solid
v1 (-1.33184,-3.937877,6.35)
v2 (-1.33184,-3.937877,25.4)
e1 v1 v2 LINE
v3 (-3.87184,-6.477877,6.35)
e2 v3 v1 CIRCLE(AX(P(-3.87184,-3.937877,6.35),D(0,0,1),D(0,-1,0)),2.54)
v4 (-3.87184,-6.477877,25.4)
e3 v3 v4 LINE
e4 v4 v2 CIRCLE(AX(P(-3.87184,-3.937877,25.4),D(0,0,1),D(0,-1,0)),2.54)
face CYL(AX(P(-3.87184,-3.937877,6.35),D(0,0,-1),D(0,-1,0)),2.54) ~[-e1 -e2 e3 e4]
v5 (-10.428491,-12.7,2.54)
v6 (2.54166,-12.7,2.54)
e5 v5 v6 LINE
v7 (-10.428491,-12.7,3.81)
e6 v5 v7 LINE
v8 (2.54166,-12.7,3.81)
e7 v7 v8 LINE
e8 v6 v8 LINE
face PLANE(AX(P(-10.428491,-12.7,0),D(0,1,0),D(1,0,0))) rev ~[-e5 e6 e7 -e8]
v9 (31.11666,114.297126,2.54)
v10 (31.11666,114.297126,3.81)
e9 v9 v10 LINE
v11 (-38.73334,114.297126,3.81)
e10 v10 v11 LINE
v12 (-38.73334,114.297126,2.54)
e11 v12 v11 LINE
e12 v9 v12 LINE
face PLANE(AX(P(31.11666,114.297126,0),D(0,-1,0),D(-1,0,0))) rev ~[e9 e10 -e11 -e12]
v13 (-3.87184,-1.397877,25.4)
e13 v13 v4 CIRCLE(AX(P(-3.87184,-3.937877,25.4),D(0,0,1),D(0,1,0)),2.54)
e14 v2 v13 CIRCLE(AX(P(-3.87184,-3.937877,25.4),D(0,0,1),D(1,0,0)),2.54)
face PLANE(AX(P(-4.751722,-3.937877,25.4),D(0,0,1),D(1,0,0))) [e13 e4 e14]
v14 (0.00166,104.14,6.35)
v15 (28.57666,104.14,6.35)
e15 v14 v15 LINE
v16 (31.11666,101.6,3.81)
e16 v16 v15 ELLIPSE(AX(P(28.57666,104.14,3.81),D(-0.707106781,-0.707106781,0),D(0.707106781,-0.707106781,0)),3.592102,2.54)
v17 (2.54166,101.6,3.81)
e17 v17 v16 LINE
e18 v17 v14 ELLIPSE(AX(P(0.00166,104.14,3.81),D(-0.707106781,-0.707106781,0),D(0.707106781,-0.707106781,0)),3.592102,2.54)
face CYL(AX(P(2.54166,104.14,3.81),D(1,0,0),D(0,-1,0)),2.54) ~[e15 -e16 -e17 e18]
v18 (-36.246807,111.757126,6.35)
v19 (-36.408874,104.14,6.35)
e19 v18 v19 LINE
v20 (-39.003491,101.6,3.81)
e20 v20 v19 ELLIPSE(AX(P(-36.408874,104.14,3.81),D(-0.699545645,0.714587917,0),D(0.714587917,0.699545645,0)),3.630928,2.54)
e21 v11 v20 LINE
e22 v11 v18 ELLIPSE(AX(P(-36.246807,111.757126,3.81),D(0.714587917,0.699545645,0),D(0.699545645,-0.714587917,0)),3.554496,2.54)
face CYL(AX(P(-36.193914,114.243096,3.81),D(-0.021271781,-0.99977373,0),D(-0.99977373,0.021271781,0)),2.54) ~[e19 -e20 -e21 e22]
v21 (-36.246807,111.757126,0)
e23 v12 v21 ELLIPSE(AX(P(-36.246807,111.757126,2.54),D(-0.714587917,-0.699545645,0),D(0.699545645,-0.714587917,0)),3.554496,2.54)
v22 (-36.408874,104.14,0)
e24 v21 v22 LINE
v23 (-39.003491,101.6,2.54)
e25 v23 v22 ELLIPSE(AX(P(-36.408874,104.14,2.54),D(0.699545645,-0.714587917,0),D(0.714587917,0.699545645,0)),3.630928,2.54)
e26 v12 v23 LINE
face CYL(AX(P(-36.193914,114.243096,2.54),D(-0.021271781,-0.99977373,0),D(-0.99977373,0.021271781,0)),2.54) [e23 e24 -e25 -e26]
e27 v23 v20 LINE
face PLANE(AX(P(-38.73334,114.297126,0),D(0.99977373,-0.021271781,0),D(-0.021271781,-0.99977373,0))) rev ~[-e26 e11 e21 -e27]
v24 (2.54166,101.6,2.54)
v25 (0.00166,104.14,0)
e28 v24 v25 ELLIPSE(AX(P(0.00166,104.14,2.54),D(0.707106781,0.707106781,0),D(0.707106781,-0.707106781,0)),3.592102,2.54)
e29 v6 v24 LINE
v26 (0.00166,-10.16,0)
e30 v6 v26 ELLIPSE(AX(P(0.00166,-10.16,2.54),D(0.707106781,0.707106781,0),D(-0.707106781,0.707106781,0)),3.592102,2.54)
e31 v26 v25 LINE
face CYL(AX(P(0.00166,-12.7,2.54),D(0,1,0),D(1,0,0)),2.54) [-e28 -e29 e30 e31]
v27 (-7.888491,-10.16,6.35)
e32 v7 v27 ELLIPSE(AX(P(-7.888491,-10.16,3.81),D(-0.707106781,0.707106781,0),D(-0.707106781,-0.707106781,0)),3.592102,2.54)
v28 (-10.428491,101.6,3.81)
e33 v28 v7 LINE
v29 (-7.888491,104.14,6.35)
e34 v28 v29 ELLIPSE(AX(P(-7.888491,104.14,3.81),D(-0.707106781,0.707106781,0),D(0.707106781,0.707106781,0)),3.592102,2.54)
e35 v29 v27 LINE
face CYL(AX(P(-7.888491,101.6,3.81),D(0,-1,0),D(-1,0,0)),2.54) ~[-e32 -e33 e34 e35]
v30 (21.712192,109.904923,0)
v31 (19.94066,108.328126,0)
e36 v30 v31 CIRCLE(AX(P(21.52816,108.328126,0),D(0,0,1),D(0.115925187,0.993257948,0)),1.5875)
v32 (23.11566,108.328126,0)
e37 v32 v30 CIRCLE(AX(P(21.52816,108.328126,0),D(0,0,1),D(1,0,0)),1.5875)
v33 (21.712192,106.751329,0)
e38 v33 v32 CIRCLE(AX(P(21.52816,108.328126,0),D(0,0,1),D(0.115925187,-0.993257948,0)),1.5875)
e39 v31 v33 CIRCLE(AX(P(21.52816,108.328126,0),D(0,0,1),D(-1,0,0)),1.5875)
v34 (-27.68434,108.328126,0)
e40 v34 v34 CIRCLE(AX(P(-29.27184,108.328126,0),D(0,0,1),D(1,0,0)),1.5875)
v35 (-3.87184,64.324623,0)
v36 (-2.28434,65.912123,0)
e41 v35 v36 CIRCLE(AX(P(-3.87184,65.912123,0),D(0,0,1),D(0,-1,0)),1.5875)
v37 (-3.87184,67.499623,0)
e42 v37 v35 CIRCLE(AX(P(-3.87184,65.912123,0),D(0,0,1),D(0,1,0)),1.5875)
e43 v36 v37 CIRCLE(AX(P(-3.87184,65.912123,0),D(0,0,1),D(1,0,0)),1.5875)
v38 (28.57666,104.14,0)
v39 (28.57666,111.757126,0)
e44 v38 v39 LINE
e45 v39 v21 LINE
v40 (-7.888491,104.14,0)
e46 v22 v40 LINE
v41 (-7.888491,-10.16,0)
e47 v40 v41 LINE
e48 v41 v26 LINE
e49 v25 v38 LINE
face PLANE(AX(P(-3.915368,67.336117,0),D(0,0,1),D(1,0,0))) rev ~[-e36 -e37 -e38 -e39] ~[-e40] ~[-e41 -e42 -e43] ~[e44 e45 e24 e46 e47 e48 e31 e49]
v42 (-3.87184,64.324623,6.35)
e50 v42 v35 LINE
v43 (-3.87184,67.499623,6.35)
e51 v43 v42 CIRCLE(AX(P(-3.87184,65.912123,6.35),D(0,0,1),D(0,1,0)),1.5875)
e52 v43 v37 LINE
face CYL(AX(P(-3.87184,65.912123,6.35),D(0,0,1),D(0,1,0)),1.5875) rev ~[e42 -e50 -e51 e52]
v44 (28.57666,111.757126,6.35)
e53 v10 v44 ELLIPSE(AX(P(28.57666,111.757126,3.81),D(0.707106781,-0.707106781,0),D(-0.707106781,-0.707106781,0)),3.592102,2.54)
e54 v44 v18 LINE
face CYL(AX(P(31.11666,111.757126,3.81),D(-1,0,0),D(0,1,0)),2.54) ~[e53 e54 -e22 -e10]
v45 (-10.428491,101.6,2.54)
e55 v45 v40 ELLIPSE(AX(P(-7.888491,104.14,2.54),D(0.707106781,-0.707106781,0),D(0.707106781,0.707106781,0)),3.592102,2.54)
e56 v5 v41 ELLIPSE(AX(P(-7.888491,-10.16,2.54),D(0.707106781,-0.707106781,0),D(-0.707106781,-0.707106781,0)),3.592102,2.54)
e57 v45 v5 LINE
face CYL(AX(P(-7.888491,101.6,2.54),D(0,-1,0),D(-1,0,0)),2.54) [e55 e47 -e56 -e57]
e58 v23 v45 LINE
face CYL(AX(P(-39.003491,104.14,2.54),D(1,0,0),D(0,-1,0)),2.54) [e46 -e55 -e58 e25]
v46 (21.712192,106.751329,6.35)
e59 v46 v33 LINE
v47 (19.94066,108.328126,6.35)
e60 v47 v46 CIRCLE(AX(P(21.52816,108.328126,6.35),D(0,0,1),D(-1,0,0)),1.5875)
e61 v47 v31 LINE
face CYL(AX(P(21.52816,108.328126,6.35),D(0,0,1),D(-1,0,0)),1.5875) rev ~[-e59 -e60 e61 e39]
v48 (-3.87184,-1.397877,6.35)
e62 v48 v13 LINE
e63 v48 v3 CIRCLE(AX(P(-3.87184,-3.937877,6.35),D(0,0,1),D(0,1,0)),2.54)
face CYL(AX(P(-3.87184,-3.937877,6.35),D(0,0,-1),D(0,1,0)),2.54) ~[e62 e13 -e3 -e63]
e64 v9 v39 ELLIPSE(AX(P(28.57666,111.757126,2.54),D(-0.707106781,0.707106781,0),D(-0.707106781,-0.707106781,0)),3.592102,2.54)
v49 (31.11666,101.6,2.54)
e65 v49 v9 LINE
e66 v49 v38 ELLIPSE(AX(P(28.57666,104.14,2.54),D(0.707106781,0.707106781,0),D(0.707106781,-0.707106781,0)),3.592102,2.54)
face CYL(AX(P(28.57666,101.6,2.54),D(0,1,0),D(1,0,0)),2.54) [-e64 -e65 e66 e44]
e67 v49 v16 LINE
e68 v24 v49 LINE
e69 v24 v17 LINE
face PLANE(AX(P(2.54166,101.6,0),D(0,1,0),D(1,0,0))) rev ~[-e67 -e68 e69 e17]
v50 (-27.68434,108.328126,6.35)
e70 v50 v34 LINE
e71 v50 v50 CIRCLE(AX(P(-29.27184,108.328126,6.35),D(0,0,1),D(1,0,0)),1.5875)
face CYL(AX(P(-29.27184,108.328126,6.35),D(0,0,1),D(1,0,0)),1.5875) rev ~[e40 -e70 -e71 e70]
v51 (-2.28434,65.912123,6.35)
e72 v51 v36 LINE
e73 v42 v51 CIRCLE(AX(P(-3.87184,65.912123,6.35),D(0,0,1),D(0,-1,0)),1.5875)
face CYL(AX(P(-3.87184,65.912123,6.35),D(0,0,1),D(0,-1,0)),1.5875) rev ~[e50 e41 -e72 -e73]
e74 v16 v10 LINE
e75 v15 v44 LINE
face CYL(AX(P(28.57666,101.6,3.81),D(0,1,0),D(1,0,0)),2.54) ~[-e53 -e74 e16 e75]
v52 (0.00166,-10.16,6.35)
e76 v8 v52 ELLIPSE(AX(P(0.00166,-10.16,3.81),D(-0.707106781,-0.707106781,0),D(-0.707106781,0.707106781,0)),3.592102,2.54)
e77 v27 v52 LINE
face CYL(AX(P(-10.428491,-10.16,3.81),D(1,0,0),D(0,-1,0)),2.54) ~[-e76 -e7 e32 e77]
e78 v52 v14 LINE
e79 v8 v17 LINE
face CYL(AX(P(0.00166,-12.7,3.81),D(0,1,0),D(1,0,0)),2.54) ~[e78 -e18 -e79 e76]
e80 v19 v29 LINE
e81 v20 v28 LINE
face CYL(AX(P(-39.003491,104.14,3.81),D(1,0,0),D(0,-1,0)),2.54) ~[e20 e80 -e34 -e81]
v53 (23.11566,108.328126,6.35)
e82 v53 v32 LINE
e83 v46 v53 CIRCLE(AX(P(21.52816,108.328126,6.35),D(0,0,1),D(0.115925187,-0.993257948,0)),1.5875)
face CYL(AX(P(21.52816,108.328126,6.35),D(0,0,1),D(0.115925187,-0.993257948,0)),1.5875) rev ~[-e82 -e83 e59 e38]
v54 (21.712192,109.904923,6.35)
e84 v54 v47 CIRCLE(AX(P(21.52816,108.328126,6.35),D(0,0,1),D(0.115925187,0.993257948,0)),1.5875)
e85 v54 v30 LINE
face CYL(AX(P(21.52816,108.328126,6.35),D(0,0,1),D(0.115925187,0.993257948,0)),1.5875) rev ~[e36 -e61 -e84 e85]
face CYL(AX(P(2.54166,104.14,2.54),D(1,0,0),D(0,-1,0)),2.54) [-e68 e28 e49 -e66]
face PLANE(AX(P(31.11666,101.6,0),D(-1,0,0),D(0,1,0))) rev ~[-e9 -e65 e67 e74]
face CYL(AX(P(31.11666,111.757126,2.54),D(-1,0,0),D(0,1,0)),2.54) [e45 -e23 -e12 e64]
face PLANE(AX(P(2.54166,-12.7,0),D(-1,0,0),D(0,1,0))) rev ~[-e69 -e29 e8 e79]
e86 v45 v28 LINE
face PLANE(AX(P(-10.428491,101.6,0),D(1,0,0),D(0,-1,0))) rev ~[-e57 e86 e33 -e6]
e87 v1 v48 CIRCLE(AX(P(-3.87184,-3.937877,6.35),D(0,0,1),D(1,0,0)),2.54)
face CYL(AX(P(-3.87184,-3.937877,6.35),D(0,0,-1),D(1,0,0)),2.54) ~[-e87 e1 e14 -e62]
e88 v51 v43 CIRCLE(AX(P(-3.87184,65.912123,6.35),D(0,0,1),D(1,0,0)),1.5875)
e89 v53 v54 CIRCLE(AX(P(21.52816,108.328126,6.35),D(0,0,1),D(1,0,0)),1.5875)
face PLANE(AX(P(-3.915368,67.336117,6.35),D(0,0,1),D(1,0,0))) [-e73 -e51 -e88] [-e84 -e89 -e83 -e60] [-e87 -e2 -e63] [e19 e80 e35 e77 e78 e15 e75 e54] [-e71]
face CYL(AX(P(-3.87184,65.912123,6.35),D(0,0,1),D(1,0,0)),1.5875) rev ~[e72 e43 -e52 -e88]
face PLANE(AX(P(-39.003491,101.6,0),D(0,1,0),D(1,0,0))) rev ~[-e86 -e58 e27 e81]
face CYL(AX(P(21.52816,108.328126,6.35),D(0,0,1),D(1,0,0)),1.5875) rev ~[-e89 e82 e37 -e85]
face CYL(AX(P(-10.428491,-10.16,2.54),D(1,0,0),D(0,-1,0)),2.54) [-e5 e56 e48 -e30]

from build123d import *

# Parameters (mm, degrees)
F1_DEPTH = 6.35
F3_R     = 2.54
F4_DEPTH = 6.35
F5_DEPTH = 6.35
F6_DEPTH = 6.35
F7_DEPTH = 19.05


with BuildPart() as f1:
    # F0 (on Top) → F1 (new body)
    with BuildSketch(Plane.XY):
        Polygon((31.1166602765, 114.2971263717), (-38.7333397235, 114.2971263717), (-39.0034913485, 101.6), (-10.4284913485, 101.6), (-10.4284913485, -12.7), (2.5416602765, -12.7), (2.5416602765, 101.6), (31.1166602765, 101.6), align=None)
    extrude(amount=F1_DEPTH)

    # F3
    f3_edges = [f1.edges().sort_by_distance(p)[0] for p in [
        (-24.715991, 101.6, 6.35),
        (-38.868416, 107.948563, 6.35),
        (-3.80834, 114.297126, 6.35),
        (16.82916, 101.6, 6.35),
        (31.11666, 107.948563, 6.35),
        (2.54166, 44.45, 6.35),
        (-10.428491, 44.45, 6.35),
        (-3.943416, -12.7, 6.35),
        (-24.715991, 101.6, 0),
        (-38.868416, 107.948563, 0),
        (-3.80834, 114.297126, 0),
        (16.82916, 101.6, 0),
        (31.11666, 107.948563, 0),
        (2.54166, 44.45, 0),
        (-10.428491, 44.45, 0),
        (-3.943416, -12.7, 0),
    ]]
    fillet(f3_edges, radius=F3_R)

    # F2 (on face) → F4 (cut)
    with BuildSketch(Plane.XY.offset(6.35)):
        with BuildLine():
            Line((-27.6843397235, 108.3281263717), (-29.2718397235, 108.3281263717))
            Line((-29.2718397235, 108.3281263717), (-30.8593397235, 108.3281263717))
            ThreePointArc((-30.8593397235, 108.3281263717), (-29.2718397235, 106.7406263717), (-27.6843397235, 108.3281263717))
        make_face()
        with BuildLine():
            Line((-30.8593397235, 108.3281263717), (-29.2718397235, 108.3281263717))
            Line((-29.2718397235, 108.3281263717), (-27.6843397235, 108.3281263717))
            ThreePointArc((-27.6843397235, 108.3281263717), (-29.2718397235, 109.9156263717), (-30.8593397235, 108.3281263717))
        make_face()
    extrude(amount=-F4_DEPTH, mode=Mode.SUBTRACT)

    # F2 (on face) → F5 (cut)
    with BuildSketch(Plane.XY.offset(6.35)):
        with BuildLine():
            ThreePointArc((21.7121915103, 109.904923364), (20.4726967133, 109.5139395597), (19.9406602765, 108.3281263717))
            Line((19.9406602765, 108.3281263717), (21.5281602765, 108.3281263717))
            Line((21.5281602765, 108.3281263717), (21.7121915103, 108.3281263717))
            Line((21.7121915103, 108.3281263717), (21.7121915103, 109.904923364))
        make_face()
        with BuildLine():
            ThreePointArc((23.1156602765, 108.3281263717), (22.7139734645, 109.3835899349), (21.7121915103, 109.904923364))
            Line((21.7121915103, 109.904923364), (21.7121915103, 108.3281263717))
            Line((21.7121915103, 108.3281263717), (23.1156602765, 108.3281263717))
        make_face()
        with BuildLine():
            Line((21.7121915103, 108.3281263717), (21.7121915103, 106.7513293794))
            ThreePointArc((21.7121915103, 106.7513293794), (22.7139734645, 107.2726628086), (23.1156602765, 108.3281263717))
            Line((23.1156602765, 108.3281263717), (21.7121915103, 108.3281263717))
        make_face()
        with BuildLine():
            Line((21.5281602765, 108.3281263717), (19.9406602765, 108.3281263717))
            ThreePointArc((19.9406602765, 108.3281263717), (20.4726967133, 107.1423131837), (21.7121915103, 106.7513293794))
            Line((21.7121915103, 106.7513293794), (21.7121915103, 108.3281263717))
            Line((21.7121915103, 108.3281263717), (21.5281602765, 108.3281263717))
        make_face()
    extrude(amount=-F5_DEPTH, mode=Mode.SUBTRACT)

    # F2 (on face) → F6 (cut)
    with BuildSketch(Plane.XY.offset(6.35)):
        with BuildLine():
            Line((-3.8718397235, 65.912123364), (-3.8718397235, 67.499623364))
            ThreePointArc((-3.8718397235, 67.499623364), (-5.4593397235, 65.912123364), (-3.8718397235, 64.324623364))
            Line((-3.8718397235, 64.324623364), (-3.8718397235, 65.912123364))
        make_face()
        with BuildLine():
            ThreePointArc((-2.2843397235, 65.912123364), (-2.7493077084, 67.0346553792), (-3.8718397235, 67.499623364))
            Line((-3.8718397235, 67.499623364), (-3.8718397235, 65.912123364))
            Line((-3.8718397235, 65.912123364), (-2.2843397235, 65.912123364))
        make_face()
        with BuildLine():
            ThreePointArc((-3.8718397235, 64.324623364), (-2.7493077084, 64.7895913489), (-2.2843397235, 65.912123364))
            Line((-2.2843397235, 65.912123364), (-3.8718397235, 65.912123364))
            Line((-3.8718397235, 65.912123364), (-3.8718397235, 64.324623364))
        make_face()
    extrude(amount=-F6_DEPTH, mode=Mode.SUBTRACT)

    # F2 (on face) → F7 (join)
    with BuildSketch(Plane.XY.offset(6.35)):
        with BuildLine():
            Line((-3.8718397235, -3.937876636), (-3.8718397235, -1.397876636))
            ThreePointArc((-3.8718397235, -1.397876636), (-6.4118397235, -3.937876636), (-3.8718397235, -6.477876636))
            Line((-3.8718397235, -6.477876636), (-3.8718397235, -3.937876636))
        make_face()
        with BuildLine():
            ThreePointArc((-1.3318397235, -3.937876636), (-2.0757884993, -2.1418254117), (-3.8718397235, -1.397876636))
            Line((-3.8718397235, -1.397876636), (-3.8718397235, -3.937876636))
            Line((-3.8718397235, -3.937876636), (-1.3318397235, -3.937876636))
        make_face()
        with BuildLine():
            Line((-1.3318397235, -3.937876636), (-3.8718397235, -3.937876636))
            Line((-3.8718397235, -3.937876636), (-3.8718397235, -6.477876636))
            ThreePointArc((-3.8718397235, -6.477876636), (-2.0757884993, -5.7339278602), (-1.3318397235, -3.937876636))
        make_face()
    extrude(amount=F7_DEPTH)


solid = f1.part
